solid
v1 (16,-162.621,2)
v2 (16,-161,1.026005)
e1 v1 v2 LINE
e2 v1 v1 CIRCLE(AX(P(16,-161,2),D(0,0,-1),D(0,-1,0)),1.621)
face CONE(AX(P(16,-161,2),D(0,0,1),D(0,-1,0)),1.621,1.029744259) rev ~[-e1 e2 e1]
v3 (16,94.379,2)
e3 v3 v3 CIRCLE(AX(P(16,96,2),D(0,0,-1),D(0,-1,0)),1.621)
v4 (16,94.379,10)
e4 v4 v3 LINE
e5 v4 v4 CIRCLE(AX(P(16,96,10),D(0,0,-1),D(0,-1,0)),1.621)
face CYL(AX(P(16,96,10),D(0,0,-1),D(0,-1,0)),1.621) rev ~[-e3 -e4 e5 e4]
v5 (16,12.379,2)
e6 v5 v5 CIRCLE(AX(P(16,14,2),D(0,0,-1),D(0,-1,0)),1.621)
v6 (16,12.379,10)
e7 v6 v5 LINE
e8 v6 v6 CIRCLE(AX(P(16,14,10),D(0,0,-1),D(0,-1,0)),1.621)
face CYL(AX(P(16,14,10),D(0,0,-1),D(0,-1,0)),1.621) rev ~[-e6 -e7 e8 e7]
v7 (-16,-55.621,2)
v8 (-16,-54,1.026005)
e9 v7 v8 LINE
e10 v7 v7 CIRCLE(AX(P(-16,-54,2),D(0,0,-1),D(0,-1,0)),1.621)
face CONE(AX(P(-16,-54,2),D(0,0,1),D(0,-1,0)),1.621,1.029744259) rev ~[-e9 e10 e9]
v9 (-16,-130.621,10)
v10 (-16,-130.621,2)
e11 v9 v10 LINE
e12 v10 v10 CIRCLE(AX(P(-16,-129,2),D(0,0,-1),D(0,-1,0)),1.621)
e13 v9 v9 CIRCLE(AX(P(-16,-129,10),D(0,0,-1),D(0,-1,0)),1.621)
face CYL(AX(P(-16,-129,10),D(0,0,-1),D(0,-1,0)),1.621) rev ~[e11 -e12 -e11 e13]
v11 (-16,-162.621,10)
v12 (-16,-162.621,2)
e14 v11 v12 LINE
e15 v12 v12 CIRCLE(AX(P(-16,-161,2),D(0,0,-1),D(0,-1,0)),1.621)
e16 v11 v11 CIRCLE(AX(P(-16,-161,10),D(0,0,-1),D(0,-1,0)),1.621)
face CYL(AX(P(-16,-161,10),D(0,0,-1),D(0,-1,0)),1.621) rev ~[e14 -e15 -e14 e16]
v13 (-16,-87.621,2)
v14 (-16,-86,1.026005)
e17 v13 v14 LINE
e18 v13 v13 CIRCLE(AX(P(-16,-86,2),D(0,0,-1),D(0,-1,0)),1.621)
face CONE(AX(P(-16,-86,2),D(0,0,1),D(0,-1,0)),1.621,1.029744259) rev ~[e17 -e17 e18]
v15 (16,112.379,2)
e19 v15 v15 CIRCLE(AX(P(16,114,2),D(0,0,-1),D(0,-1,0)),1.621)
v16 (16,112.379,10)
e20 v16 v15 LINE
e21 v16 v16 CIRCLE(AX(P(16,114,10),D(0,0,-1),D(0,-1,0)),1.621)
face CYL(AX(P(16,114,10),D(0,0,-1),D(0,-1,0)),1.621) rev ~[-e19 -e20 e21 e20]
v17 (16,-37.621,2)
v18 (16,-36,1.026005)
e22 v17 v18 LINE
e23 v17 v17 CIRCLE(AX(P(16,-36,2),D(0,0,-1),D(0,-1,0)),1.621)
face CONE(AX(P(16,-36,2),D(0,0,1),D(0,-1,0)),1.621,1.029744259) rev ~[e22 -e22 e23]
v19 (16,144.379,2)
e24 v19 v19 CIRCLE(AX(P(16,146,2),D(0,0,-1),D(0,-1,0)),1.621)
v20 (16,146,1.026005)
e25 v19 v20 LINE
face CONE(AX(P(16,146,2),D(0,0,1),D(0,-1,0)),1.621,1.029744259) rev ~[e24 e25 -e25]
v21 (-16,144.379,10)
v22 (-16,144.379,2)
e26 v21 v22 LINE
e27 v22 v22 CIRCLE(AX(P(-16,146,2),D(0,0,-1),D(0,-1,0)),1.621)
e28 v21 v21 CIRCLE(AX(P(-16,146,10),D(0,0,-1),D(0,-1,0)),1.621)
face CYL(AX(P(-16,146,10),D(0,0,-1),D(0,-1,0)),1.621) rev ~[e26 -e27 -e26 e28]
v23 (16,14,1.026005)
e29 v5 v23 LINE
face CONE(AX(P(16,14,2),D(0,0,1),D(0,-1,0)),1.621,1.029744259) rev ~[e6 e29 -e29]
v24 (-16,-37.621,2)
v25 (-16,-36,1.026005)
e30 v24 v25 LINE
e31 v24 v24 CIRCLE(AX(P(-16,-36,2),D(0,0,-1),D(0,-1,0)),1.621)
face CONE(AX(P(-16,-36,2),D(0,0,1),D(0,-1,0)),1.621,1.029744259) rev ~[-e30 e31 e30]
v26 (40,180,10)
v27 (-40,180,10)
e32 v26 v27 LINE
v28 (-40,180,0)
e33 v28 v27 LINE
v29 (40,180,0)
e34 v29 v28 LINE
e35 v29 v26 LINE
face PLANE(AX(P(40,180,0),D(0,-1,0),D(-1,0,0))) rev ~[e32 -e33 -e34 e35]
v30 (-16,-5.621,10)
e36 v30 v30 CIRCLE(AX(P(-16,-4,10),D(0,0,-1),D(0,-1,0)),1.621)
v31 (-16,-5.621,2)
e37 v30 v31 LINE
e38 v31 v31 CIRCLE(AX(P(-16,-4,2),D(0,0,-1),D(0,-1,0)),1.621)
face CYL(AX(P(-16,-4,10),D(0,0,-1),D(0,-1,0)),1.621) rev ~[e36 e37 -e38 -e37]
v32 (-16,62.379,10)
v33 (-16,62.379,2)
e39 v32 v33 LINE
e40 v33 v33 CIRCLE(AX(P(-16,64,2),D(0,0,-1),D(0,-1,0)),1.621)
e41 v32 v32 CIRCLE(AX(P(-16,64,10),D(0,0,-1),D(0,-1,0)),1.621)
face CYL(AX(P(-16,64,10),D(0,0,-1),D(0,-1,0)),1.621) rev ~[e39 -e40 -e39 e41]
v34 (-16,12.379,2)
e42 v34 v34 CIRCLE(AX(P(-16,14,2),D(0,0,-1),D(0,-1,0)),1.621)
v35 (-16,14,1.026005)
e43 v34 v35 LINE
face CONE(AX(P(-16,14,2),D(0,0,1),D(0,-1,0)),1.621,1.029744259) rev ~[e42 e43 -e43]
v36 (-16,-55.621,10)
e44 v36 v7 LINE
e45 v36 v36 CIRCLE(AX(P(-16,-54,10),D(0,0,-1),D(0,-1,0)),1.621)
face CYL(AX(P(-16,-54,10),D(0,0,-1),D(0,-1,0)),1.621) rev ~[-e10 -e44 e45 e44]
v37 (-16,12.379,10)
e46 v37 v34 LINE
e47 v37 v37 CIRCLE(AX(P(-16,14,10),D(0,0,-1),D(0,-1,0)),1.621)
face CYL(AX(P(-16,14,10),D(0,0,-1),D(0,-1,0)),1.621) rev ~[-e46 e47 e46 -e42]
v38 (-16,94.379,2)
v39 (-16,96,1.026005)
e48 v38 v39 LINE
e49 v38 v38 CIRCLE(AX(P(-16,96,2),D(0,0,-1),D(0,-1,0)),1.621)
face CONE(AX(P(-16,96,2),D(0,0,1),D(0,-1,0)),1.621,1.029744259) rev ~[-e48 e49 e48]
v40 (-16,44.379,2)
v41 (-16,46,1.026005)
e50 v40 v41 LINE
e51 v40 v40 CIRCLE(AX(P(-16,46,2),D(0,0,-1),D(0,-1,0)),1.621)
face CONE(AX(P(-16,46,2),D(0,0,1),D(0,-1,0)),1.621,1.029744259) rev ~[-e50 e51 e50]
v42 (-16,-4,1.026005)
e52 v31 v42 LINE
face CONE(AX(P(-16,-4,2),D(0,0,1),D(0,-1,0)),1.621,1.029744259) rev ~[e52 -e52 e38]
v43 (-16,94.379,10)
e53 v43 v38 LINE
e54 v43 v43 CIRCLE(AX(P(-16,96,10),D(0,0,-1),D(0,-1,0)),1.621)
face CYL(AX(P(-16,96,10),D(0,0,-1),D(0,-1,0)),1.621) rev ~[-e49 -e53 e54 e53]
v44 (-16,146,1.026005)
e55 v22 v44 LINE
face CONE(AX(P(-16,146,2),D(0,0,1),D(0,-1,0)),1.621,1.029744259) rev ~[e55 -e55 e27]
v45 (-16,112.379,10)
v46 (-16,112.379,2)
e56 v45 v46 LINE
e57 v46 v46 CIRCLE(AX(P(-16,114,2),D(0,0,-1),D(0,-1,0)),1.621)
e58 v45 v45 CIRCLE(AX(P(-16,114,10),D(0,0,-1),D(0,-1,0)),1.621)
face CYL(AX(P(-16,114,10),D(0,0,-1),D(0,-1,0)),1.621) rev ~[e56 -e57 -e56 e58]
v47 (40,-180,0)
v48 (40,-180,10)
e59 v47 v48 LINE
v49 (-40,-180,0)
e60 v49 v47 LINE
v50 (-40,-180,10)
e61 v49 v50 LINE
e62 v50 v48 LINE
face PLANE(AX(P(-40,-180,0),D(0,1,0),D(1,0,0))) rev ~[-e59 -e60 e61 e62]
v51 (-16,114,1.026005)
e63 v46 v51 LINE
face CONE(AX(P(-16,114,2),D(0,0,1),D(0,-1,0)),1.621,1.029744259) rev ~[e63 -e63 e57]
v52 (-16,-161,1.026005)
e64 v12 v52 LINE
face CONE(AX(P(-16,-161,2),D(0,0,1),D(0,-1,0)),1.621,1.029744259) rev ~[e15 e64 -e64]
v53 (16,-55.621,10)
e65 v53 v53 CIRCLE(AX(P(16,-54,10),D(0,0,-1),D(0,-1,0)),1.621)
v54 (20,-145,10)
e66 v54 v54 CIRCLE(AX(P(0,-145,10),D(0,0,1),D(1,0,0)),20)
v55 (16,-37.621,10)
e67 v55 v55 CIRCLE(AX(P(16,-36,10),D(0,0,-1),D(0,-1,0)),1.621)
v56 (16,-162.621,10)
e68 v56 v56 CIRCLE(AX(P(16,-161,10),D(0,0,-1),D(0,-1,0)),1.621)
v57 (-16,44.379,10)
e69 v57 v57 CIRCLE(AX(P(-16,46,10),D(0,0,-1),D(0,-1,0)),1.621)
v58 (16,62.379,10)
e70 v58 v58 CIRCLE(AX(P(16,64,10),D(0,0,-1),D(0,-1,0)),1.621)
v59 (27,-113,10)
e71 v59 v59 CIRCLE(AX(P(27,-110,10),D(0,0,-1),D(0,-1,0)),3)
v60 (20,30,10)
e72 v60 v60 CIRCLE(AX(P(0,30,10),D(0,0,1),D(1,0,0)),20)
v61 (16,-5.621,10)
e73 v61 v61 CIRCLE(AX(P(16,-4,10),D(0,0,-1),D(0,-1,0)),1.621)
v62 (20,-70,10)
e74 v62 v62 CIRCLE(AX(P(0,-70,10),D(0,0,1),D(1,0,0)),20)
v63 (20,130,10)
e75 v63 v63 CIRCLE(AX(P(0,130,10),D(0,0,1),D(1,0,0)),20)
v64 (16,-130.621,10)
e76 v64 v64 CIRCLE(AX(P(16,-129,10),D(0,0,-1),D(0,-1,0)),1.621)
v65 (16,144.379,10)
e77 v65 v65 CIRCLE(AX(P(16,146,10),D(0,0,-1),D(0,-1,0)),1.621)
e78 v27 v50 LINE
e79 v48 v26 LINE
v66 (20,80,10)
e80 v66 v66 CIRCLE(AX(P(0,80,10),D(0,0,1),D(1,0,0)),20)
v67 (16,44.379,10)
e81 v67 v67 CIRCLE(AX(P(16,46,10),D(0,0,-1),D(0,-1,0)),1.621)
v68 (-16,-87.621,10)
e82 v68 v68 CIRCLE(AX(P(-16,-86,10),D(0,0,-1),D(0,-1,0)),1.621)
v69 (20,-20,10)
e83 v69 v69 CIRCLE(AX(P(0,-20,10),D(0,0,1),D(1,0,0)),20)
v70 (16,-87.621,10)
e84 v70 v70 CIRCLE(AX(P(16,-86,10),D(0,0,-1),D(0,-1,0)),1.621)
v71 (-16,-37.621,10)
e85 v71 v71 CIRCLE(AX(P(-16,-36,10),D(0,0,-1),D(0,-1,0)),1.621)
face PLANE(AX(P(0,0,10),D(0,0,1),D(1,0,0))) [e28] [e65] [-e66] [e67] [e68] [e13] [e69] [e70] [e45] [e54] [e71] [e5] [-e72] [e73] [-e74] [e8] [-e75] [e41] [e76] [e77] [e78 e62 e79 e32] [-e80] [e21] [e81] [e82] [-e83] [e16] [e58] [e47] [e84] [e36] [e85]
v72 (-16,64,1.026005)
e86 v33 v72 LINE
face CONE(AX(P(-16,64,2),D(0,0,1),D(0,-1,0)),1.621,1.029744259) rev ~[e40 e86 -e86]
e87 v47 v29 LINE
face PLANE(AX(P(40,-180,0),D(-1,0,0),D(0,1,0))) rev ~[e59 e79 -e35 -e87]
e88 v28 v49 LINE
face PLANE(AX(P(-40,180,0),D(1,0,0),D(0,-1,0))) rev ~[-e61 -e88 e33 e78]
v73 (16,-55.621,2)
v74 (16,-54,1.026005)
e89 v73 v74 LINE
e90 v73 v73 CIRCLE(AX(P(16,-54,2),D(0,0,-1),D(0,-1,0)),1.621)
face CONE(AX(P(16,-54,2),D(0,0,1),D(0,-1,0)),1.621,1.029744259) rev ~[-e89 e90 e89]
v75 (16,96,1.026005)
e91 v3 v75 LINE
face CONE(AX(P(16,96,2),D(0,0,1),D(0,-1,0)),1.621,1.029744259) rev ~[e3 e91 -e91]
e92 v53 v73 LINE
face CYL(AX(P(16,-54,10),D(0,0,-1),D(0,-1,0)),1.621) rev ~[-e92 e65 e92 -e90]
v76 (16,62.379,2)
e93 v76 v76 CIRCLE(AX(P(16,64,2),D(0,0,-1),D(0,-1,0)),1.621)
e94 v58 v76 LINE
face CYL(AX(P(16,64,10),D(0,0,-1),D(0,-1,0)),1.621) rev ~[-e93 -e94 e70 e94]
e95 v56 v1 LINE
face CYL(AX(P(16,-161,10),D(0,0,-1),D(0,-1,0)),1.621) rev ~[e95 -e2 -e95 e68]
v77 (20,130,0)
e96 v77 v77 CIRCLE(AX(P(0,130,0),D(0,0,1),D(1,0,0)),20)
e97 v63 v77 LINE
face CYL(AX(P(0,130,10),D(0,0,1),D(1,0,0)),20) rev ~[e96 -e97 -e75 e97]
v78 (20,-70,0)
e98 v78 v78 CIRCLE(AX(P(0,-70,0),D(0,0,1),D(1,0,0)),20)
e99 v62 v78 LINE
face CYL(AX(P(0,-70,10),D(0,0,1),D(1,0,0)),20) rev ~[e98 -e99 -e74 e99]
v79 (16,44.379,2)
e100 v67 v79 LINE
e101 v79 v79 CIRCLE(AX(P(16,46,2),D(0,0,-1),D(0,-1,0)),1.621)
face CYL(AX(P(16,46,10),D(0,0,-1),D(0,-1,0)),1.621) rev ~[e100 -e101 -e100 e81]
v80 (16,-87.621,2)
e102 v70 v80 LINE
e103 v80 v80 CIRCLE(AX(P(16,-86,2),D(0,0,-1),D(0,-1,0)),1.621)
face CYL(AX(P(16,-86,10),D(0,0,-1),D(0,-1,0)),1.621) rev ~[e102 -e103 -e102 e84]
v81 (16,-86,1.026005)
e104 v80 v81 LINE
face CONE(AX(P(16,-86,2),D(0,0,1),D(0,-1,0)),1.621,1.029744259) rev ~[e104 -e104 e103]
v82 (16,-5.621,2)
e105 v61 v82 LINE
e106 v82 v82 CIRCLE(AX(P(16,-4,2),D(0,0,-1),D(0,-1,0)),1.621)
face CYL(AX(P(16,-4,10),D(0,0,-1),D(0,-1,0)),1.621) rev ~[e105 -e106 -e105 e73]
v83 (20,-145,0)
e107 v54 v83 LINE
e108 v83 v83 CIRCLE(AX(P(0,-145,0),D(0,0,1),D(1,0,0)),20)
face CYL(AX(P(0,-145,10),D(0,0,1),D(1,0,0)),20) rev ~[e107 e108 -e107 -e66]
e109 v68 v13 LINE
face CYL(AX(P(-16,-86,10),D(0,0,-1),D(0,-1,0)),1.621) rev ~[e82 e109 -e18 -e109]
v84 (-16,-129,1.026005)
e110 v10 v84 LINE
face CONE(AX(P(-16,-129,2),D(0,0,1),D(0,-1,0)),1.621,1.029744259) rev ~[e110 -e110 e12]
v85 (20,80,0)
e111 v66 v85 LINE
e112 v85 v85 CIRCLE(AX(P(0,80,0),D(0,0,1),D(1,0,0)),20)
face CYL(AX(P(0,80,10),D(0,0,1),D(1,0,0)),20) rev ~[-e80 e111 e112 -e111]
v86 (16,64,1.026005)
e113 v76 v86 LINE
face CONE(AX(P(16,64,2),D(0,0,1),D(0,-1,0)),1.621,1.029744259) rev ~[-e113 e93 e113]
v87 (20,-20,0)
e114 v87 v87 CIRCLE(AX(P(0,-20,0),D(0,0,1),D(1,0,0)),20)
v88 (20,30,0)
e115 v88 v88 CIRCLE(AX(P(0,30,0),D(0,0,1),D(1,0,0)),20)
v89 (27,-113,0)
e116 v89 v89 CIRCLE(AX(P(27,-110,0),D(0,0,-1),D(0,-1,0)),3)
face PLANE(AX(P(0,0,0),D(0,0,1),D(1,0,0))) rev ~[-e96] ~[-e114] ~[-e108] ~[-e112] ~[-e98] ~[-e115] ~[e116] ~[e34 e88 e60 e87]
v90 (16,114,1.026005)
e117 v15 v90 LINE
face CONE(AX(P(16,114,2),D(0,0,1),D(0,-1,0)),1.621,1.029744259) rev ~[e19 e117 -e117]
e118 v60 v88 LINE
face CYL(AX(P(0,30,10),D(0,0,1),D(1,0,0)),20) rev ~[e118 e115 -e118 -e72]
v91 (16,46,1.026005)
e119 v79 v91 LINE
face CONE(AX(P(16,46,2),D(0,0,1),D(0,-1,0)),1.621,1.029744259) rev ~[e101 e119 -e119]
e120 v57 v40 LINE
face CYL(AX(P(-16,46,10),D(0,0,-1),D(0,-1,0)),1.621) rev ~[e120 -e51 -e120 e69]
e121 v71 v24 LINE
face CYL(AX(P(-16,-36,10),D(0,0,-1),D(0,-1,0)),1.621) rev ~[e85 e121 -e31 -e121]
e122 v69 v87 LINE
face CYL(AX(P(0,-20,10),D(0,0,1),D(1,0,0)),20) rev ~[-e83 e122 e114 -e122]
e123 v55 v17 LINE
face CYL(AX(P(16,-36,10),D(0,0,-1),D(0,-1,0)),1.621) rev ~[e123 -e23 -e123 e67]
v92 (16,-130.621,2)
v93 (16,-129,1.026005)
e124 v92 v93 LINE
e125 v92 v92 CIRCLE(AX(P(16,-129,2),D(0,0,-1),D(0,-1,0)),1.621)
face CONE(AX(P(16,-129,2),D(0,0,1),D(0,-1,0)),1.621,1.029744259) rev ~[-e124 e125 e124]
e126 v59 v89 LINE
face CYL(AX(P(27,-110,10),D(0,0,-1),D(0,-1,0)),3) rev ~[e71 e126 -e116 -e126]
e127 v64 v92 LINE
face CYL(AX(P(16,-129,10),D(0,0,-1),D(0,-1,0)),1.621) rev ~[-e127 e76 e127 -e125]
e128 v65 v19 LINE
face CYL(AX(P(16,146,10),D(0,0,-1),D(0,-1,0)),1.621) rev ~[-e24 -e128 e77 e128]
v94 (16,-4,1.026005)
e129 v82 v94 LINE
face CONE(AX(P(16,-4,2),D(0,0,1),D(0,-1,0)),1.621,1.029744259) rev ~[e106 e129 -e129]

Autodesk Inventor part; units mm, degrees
ref_plane "YZ Plane" through (0, 0, 0) normal (1, 0, 0) x (0, 1, 0)
ref_plane "XZ Plane" through (0, 0, 0) normal (0, 1, 0) x (-1, 0, 0)
ref_plane "XY Plane" through (0, 0, 0) normal (0, 0, 1) x (1, 0, 0)
sketch "Skizze1" plane through (0, 0, 0) normal (0, 0, 1) x (1, 0, 0)
  line L0 (40, 180) -> (-40, 180)
  line L1 (-40, 180) -> (-40, -180)
  line L2 (-40, -180) -> (40, -180)
  line L3 (40, -180) -> (40, 180)
  line L4 (40, 180) -> (-40, -180) construction
  line L5 (-40, 180) -> (40, -180) construction
  point P0 (0, 0)
  dimension "d0" = 80
  dimension "d1" = 360
extrude "Extrusion1" add sketch "Skizze1" along normal blind 10
hole "Bohrung3" at (27, -110, 10) direction (0, 0, -1) diameter 6 end through all
sketch "Skizze2" plane through (0, 0, 10) normal (0, 0, 1) x (1, 0, 0)
  line L0 (40, 180) -> (-40, 180) projected
  circle A0 centre (0, 130) radius 20
  point P0 (0, 0)
  dimension "d40" = 40
  dimension "d41" = 50
extrude "Extrusion2" cut sketch "Skizze2" against normal blind 10
sketch "Skizze3" plane through (0, 0, 10) normal (0, 0, 1) x (1, 0, 0)
  circle A0 centre (0, 130) radius 20 projected
  line L0 (16, 114) -> (-16, 114)
  line L1 (-16, 114) -> (-16, 146)
  line L2 (-16, 146) -> (16, 146)
  line L3 (16, 146) -> (16, 114)
  line L4 (16, 114) -> (-16, 146) construction
  line L5 (-16, 114) -> (16, 146) construction
  dimension "d45" = 32
hole "Bohrung4" at (16, 114, 10) at (-16, 114, 10) at (-16, 146, 10) at (16, 146, 10) direction (0, 0, -1) diameter 3.242 depth 8 tip angle 118 thread size "M4x0.7" class "6H" standard "ISO Metric profile"
pattern_linear "Rechteckige Anordnung3" count 5 spacing 50 along (0, -1, 0) of "Extrusion2", "Bohrung4"
pattern_linear "Rechteckige Anordnung4" count 2 spacing 275 along (0, -1, 0) of "Extrusion2", "Bohrung4"
properties part number "Tunel_LidWithFanHoles" material "Polycarbonat, klar"
